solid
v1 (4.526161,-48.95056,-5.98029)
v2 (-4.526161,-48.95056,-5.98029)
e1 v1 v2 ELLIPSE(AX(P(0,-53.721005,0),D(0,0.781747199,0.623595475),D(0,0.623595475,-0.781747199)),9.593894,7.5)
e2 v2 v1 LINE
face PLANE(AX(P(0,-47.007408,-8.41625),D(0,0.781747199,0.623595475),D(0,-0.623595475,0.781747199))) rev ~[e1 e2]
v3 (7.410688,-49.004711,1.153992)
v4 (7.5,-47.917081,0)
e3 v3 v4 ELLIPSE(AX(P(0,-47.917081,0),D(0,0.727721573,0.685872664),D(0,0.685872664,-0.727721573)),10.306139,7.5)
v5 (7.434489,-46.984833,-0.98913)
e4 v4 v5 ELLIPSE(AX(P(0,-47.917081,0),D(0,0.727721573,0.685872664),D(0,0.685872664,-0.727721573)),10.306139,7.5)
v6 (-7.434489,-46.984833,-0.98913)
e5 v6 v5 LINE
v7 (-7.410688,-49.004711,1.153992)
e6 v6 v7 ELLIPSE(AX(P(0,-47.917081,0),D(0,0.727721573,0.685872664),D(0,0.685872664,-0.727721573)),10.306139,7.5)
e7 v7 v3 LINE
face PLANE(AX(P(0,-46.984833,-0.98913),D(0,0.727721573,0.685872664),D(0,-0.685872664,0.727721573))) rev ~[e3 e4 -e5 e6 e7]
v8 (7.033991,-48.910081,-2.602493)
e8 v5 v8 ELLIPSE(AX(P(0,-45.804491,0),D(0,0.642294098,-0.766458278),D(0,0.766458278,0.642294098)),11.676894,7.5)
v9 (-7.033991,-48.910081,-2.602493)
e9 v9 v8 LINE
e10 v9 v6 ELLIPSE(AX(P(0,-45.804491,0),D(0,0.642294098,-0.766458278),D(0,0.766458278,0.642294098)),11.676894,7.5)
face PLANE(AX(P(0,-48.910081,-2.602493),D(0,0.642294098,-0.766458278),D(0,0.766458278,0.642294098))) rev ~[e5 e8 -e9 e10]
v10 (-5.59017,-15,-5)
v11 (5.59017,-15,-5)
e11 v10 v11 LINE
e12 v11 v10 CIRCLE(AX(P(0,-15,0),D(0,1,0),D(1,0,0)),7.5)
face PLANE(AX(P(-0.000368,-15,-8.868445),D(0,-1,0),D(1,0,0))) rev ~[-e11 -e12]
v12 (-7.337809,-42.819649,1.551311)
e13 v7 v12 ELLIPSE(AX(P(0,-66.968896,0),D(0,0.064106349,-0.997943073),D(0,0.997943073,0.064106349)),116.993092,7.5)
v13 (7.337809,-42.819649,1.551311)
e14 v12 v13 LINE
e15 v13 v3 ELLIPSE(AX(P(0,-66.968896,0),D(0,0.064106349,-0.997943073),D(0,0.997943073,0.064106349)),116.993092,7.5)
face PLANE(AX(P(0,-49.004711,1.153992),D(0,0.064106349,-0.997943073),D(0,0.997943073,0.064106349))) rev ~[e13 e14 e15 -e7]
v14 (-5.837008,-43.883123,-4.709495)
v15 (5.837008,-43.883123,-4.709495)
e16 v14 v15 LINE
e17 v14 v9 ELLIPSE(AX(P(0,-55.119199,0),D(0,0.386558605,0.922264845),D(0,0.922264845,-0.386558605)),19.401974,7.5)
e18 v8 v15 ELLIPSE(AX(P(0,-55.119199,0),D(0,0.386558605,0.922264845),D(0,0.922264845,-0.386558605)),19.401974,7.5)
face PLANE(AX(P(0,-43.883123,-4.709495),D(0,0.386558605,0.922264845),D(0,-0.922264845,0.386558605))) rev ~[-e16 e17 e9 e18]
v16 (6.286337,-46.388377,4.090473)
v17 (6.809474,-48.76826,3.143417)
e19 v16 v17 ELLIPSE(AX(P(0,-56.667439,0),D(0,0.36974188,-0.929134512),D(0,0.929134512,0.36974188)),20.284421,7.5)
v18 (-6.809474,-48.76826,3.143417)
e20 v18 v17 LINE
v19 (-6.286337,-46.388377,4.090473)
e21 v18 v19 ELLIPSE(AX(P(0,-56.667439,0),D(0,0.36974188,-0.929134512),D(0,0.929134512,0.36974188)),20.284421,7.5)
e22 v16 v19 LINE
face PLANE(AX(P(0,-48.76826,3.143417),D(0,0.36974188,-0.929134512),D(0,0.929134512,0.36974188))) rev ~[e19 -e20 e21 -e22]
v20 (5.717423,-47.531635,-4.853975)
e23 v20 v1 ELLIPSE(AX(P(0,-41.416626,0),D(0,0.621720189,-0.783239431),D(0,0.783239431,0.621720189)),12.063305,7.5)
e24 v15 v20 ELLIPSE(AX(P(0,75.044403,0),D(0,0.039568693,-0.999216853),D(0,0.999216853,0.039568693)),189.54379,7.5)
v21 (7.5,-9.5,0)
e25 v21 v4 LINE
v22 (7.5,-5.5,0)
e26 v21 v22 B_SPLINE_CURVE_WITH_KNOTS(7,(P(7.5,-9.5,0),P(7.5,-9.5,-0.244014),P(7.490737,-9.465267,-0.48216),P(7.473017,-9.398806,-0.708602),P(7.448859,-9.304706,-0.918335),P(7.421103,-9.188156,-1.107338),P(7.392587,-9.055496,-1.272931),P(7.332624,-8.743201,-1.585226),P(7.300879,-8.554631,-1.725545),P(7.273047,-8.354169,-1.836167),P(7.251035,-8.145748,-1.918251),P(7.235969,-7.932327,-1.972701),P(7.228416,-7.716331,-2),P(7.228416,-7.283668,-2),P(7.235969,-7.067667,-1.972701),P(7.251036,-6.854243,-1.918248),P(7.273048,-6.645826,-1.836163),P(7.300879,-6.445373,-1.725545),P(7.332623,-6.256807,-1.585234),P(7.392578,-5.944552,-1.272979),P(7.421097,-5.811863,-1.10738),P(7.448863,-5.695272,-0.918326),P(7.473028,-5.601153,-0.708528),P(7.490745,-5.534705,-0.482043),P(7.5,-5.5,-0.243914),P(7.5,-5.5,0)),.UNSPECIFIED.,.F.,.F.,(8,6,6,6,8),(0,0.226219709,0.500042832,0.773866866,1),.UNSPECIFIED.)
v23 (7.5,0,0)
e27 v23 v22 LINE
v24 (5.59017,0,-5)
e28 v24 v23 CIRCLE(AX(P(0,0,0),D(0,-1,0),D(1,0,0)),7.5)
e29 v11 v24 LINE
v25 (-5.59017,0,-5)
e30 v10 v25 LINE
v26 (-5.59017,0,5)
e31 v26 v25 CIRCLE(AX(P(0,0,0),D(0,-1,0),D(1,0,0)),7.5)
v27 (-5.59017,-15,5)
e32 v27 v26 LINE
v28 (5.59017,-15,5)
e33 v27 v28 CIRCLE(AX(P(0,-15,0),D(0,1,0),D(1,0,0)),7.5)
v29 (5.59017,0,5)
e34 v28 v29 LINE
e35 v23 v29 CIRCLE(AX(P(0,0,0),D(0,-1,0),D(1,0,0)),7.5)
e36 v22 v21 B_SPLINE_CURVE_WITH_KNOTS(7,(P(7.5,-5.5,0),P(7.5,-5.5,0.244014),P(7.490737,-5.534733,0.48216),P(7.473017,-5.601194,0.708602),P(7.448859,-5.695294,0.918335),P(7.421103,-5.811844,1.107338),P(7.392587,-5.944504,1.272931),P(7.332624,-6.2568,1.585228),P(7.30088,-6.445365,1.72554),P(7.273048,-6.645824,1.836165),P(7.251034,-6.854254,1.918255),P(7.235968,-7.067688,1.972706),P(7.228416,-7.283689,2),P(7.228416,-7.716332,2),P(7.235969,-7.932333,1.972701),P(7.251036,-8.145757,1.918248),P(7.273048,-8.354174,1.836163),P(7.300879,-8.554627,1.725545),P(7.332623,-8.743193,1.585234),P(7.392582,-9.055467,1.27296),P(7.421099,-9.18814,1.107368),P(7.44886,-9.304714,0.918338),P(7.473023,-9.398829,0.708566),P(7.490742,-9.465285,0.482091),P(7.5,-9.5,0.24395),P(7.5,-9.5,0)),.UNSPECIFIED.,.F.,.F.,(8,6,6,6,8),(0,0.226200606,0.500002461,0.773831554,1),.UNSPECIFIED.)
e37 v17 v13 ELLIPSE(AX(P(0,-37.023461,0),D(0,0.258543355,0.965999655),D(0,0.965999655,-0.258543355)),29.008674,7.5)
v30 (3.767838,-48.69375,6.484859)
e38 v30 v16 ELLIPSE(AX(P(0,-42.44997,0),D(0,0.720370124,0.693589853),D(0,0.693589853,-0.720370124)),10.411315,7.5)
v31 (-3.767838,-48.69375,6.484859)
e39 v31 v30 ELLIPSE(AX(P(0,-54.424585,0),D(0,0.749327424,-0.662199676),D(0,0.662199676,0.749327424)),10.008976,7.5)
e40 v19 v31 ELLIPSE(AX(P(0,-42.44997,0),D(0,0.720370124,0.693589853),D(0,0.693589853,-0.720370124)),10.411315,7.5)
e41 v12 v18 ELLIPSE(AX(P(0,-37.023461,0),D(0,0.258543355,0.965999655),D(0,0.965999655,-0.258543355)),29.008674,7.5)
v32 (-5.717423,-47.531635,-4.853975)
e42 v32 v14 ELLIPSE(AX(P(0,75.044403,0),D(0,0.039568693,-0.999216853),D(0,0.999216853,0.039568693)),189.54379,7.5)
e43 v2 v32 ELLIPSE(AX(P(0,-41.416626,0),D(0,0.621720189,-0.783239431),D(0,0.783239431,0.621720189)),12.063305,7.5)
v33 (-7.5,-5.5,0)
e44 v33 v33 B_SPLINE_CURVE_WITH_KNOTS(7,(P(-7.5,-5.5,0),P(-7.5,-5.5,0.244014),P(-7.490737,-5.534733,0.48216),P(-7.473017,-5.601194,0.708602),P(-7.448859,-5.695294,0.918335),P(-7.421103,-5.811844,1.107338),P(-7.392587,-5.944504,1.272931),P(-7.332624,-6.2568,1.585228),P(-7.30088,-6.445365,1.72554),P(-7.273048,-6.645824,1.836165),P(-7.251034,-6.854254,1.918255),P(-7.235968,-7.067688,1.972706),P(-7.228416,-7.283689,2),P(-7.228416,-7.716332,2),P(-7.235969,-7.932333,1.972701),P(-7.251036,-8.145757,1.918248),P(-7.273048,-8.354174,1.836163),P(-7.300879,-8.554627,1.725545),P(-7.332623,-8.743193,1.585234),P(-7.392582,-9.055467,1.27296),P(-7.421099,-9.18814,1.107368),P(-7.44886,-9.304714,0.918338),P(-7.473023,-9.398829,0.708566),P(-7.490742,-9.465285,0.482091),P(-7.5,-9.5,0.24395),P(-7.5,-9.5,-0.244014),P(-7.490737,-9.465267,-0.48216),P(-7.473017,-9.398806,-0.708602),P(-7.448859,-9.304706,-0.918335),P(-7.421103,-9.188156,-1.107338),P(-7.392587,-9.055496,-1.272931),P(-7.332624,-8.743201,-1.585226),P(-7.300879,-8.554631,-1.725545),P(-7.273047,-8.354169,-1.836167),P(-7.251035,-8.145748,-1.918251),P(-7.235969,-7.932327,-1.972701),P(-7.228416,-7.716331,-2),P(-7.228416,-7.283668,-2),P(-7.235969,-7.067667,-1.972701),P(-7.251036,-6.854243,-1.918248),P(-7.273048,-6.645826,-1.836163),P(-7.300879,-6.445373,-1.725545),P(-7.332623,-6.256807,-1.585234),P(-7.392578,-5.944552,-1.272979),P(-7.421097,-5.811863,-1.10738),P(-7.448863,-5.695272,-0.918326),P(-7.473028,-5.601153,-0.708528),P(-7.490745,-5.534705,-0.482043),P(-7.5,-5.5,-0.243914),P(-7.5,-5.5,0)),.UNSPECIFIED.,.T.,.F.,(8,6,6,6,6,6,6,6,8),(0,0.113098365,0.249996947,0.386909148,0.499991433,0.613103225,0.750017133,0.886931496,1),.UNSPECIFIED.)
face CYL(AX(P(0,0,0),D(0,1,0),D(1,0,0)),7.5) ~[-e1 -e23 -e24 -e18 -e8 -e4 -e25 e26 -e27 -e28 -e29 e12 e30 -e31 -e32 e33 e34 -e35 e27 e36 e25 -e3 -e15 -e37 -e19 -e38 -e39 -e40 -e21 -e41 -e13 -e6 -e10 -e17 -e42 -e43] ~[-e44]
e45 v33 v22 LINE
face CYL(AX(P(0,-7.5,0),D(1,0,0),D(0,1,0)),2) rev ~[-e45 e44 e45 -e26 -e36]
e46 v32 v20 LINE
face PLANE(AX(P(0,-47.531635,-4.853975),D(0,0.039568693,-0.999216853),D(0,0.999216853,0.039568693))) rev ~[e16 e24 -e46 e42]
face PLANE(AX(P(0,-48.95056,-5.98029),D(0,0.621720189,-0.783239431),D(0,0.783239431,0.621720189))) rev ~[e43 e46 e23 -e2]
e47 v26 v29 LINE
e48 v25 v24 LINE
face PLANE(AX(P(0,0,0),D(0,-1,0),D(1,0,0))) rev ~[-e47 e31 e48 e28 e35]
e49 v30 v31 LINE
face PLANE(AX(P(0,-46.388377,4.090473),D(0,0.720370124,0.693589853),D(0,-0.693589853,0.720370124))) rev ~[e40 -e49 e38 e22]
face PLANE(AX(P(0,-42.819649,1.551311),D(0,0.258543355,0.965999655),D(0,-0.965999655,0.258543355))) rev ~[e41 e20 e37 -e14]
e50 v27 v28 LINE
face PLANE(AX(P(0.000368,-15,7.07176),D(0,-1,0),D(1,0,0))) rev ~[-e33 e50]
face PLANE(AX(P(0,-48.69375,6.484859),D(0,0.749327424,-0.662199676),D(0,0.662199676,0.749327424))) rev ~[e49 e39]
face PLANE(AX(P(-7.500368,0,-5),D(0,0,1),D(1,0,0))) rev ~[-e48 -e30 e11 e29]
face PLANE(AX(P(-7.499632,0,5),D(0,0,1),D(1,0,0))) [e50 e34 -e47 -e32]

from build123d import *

# Parameters (mm, degrees)
F0_R     = 7.5
F1_DEPTH = 50
F3_DEPTH = 12.5
F4_W     = 15
F4_H     = 7.736891
F4_H_2   = 4.14352
F5_DEPTH = 15
F6_R     = 2
F7_DEPTH = 12.5


with BuildPart() as f1:
    # F0 (on Front) → F1 (new body)
    with BuildSketch(Plane.XZ):
        Circle(F0_R)
    extrude(amount=F1_DEPTH)

    # F2 (on Right) → F3 (cut, symmetric)
    with BuildSketch(Plane.YZ):
        Polygon((-44.571992, 11.14893), (-51.264416, 11.14893), (-51.264416, -8.581314), (-47.007408, -8.41625), (-48.95056, -5.98029), (-47.531635, -4.853975), (-43.883123, -4.709495), (-48.910081, -2.602493), (-46.984833, -0.98913), (-49.004711, 1.153992), (-42.819649, 1.551311), (-48.76826, 3.143417), (-46.388377, 4.090473), (-48.69375, 6.484859), align=None)
    extrude(amount=F3_DEPTH, both=True, mode=Mode.SUBTRACT)

    # F4 (on Front) → F5 (cut)
    with BuildSketch(Plane.XZ):
        with Locations((-0.000368, -8.868445)):
            Rectangle(F4_W, F4_H)
        with Locations((0.000368, 7.07176)):
            Rectangle(F4_W, F4_H_2)
    extrude(amount=F5_DEPTH, mode=Mode.SUBTRACT)

    # F6 (on Right) → F7 (cut, symmetric)
    with BuildSketch(Plane.YZ):
        with Locations((-7.5, 0)):
            Circle(F6_R)
    extrude(amount=F7_DEPTH, both=True, mode=Mode.SUBTRACT)


solid = f1.part
